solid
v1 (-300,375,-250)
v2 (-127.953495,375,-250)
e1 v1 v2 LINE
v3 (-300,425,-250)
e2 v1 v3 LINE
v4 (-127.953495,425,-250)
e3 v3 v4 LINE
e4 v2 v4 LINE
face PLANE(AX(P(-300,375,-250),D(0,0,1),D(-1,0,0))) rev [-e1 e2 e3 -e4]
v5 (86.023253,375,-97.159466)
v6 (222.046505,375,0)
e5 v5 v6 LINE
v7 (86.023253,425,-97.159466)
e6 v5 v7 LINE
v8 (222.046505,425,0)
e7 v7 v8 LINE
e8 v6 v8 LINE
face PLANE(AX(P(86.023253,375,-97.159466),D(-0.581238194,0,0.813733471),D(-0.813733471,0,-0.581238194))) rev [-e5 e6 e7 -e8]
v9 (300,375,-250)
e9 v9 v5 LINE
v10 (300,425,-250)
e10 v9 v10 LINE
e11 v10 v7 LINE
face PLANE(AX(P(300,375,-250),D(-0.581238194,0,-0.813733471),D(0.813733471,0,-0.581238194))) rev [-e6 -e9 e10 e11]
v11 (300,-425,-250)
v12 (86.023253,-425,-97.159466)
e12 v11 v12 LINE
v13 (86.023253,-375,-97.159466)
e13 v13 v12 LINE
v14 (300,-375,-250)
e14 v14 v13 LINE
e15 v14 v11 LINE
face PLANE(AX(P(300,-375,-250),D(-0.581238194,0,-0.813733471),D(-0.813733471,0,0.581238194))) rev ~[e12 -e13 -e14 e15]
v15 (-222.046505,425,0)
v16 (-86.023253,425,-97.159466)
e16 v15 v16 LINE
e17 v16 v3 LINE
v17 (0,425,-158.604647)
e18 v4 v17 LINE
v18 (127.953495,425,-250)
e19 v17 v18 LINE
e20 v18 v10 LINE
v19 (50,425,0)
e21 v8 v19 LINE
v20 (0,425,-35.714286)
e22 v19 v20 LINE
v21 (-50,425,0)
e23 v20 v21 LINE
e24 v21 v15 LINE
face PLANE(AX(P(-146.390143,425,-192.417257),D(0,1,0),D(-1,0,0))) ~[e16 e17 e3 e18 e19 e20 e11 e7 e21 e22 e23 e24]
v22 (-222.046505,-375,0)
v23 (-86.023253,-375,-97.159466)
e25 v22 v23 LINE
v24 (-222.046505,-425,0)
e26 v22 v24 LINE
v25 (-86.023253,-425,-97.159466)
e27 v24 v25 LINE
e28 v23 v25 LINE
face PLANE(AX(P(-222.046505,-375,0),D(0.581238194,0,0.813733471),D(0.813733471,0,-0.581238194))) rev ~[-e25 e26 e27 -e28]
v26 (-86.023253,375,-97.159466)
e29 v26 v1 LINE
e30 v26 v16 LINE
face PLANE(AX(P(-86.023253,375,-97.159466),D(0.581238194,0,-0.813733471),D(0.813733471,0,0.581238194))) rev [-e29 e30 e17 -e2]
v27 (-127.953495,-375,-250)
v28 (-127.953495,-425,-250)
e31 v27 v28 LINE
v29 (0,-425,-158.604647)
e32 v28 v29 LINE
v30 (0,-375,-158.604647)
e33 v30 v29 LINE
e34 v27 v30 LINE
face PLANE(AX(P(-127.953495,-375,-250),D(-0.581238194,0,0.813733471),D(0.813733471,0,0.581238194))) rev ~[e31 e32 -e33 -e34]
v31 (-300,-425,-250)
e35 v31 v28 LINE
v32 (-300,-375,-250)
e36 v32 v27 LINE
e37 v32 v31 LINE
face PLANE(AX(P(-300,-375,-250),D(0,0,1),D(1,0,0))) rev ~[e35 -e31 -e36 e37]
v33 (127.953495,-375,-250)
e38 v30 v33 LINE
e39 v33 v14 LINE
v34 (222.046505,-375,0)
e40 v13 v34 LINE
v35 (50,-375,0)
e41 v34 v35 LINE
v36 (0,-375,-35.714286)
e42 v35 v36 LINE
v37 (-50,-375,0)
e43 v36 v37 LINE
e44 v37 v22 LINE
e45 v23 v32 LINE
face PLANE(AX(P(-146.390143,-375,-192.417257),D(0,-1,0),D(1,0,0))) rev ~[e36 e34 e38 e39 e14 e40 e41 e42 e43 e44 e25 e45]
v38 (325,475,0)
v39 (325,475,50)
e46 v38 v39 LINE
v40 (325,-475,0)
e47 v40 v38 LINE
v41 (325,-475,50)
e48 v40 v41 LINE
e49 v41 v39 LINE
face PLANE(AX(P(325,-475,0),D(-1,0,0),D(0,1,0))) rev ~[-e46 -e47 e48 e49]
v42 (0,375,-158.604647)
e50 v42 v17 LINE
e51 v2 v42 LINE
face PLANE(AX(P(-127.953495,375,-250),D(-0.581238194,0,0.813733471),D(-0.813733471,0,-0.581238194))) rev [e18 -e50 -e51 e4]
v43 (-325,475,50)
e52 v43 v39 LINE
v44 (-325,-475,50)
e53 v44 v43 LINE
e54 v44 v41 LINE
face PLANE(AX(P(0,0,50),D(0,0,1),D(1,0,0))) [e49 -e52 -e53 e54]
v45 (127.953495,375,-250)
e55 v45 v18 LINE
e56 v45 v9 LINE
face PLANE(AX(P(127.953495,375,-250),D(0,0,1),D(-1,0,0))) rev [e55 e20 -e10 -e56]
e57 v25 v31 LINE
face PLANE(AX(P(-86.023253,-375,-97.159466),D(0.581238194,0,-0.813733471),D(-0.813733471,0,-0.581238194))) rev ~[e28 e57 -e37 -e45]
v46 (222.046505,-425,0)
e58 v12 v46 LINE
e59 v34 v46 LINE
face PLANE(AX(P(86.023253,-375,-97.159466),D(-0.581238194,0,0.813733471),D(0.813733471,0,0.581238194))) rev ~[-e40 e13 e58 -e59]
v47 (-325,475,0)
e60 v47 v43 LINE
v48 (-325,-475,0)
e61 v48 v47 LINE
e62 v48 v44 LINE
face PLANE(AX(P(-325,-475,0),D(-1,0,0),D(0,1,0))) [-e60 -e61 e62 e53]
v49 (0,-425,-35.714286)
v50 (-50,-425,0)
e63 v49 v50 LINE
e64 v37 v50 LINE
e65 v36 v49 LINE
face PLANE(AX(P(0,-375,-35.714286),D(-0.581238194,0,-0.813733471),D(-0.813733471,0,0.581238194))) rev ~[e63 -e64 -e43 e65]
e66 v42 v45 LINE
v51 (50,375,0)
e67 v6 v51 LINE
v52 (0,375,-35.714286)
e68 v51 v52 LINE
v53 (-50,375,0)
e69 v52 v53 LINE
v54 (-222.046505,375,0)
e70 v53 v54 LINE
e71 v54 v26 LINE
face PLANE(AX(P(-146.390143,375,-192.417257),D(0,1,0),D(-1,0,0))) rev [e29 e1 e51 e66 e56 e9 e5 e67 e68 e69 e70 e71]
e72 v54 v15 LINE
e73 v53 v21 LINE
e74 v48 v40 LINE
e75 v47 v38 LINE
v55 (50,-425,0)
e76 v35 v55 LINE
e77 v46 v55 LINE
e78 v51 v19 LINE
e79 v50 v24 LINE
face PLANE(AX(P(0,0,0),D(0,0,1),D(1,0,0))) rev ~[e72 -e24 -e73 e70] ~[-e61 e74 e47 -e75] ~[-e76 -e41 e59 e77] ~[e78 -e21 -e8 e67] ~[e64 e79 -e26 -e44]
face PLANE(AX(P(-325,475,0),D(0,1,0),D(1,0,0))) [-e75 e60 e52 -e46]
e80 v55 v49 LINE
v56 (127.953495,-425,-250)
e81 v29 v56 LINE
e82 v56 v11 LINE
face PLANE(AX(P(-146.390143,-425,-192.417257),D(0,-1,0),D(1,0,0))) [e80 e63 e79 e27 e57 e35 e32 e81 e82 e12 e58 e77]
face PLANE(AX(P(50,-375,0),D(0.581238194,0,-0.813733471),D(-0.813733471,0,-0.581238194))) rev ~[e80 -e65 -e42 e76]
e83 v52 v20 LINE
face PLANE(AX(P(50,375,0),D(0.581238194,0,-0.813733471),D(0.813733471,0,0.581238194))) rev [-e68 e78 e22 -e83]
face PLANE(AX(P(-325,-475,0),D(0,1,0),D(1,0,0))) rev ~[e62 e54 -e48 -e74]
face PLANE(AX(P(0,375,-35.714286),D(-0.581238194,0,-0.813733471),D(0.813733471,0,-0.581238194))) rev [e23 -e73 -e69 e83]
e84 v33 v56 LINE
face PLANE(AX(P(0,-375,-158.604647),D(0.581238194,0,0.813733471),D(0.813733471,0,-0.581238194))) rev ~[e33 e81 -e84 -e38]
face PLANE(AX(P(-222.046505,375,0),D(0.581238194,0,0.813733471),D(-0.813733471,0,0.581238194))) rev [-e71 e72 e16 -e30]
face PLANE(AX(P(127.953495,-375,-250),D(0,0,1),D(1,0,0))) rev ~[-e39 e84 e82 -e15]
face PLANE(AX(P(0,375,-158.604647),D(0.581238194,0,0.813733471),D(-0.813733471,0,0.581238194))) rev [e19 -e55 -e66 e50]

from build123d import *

# Parameters (mm, degrees)
F0_W     = 650
F0_H     = 950
F1_DEPTH = 50
F4_DEPTH = 50


with BuildPart() as f1:
    # F0 (on Top) → F1 (new body)
    with BuildSketch(Plane.XY):
        Rectangle(F0_W, F0_H)
    extrude(amount=F1_DEPTH)

    # F3 (on offset) → F4 (join)
    with BuildSketch(Plane.XZ.offset(375)):
        Polygon((0, -158.604646672), (-86.0232526704, -97.1594661932), (-300, -250), (-127.9534946591, -250), align=None)
        Polygon((0, -35.7142857143), (-86.0232526704, -97.1594661932), (0, -158.604646672), (86.0232526704, -97.1594661932), align=None)
        Polygon((50, 0), (0, -35.7142857143), (86.0232526704, -97.1594661932), (222.0465053409, 0), align=None)
        Polygon((-50, 0), (-222.0465053409, 0), (-86.0232526704, -97.1594661932), (0, -35.7142857143), align=None)
        Polygon((86.0232526704, -97.1594661932), (0, -158.604646672), (127.9534946591, -250), (300, -250), align=None)
    extrude(amount=F4_DEPTH)

    # F5: F1 across plane


with BuildPart() as f1_1:
    add(f1.part)
    add(f1.part.mirror(Plane.XZ))


solid = f1_1.part
